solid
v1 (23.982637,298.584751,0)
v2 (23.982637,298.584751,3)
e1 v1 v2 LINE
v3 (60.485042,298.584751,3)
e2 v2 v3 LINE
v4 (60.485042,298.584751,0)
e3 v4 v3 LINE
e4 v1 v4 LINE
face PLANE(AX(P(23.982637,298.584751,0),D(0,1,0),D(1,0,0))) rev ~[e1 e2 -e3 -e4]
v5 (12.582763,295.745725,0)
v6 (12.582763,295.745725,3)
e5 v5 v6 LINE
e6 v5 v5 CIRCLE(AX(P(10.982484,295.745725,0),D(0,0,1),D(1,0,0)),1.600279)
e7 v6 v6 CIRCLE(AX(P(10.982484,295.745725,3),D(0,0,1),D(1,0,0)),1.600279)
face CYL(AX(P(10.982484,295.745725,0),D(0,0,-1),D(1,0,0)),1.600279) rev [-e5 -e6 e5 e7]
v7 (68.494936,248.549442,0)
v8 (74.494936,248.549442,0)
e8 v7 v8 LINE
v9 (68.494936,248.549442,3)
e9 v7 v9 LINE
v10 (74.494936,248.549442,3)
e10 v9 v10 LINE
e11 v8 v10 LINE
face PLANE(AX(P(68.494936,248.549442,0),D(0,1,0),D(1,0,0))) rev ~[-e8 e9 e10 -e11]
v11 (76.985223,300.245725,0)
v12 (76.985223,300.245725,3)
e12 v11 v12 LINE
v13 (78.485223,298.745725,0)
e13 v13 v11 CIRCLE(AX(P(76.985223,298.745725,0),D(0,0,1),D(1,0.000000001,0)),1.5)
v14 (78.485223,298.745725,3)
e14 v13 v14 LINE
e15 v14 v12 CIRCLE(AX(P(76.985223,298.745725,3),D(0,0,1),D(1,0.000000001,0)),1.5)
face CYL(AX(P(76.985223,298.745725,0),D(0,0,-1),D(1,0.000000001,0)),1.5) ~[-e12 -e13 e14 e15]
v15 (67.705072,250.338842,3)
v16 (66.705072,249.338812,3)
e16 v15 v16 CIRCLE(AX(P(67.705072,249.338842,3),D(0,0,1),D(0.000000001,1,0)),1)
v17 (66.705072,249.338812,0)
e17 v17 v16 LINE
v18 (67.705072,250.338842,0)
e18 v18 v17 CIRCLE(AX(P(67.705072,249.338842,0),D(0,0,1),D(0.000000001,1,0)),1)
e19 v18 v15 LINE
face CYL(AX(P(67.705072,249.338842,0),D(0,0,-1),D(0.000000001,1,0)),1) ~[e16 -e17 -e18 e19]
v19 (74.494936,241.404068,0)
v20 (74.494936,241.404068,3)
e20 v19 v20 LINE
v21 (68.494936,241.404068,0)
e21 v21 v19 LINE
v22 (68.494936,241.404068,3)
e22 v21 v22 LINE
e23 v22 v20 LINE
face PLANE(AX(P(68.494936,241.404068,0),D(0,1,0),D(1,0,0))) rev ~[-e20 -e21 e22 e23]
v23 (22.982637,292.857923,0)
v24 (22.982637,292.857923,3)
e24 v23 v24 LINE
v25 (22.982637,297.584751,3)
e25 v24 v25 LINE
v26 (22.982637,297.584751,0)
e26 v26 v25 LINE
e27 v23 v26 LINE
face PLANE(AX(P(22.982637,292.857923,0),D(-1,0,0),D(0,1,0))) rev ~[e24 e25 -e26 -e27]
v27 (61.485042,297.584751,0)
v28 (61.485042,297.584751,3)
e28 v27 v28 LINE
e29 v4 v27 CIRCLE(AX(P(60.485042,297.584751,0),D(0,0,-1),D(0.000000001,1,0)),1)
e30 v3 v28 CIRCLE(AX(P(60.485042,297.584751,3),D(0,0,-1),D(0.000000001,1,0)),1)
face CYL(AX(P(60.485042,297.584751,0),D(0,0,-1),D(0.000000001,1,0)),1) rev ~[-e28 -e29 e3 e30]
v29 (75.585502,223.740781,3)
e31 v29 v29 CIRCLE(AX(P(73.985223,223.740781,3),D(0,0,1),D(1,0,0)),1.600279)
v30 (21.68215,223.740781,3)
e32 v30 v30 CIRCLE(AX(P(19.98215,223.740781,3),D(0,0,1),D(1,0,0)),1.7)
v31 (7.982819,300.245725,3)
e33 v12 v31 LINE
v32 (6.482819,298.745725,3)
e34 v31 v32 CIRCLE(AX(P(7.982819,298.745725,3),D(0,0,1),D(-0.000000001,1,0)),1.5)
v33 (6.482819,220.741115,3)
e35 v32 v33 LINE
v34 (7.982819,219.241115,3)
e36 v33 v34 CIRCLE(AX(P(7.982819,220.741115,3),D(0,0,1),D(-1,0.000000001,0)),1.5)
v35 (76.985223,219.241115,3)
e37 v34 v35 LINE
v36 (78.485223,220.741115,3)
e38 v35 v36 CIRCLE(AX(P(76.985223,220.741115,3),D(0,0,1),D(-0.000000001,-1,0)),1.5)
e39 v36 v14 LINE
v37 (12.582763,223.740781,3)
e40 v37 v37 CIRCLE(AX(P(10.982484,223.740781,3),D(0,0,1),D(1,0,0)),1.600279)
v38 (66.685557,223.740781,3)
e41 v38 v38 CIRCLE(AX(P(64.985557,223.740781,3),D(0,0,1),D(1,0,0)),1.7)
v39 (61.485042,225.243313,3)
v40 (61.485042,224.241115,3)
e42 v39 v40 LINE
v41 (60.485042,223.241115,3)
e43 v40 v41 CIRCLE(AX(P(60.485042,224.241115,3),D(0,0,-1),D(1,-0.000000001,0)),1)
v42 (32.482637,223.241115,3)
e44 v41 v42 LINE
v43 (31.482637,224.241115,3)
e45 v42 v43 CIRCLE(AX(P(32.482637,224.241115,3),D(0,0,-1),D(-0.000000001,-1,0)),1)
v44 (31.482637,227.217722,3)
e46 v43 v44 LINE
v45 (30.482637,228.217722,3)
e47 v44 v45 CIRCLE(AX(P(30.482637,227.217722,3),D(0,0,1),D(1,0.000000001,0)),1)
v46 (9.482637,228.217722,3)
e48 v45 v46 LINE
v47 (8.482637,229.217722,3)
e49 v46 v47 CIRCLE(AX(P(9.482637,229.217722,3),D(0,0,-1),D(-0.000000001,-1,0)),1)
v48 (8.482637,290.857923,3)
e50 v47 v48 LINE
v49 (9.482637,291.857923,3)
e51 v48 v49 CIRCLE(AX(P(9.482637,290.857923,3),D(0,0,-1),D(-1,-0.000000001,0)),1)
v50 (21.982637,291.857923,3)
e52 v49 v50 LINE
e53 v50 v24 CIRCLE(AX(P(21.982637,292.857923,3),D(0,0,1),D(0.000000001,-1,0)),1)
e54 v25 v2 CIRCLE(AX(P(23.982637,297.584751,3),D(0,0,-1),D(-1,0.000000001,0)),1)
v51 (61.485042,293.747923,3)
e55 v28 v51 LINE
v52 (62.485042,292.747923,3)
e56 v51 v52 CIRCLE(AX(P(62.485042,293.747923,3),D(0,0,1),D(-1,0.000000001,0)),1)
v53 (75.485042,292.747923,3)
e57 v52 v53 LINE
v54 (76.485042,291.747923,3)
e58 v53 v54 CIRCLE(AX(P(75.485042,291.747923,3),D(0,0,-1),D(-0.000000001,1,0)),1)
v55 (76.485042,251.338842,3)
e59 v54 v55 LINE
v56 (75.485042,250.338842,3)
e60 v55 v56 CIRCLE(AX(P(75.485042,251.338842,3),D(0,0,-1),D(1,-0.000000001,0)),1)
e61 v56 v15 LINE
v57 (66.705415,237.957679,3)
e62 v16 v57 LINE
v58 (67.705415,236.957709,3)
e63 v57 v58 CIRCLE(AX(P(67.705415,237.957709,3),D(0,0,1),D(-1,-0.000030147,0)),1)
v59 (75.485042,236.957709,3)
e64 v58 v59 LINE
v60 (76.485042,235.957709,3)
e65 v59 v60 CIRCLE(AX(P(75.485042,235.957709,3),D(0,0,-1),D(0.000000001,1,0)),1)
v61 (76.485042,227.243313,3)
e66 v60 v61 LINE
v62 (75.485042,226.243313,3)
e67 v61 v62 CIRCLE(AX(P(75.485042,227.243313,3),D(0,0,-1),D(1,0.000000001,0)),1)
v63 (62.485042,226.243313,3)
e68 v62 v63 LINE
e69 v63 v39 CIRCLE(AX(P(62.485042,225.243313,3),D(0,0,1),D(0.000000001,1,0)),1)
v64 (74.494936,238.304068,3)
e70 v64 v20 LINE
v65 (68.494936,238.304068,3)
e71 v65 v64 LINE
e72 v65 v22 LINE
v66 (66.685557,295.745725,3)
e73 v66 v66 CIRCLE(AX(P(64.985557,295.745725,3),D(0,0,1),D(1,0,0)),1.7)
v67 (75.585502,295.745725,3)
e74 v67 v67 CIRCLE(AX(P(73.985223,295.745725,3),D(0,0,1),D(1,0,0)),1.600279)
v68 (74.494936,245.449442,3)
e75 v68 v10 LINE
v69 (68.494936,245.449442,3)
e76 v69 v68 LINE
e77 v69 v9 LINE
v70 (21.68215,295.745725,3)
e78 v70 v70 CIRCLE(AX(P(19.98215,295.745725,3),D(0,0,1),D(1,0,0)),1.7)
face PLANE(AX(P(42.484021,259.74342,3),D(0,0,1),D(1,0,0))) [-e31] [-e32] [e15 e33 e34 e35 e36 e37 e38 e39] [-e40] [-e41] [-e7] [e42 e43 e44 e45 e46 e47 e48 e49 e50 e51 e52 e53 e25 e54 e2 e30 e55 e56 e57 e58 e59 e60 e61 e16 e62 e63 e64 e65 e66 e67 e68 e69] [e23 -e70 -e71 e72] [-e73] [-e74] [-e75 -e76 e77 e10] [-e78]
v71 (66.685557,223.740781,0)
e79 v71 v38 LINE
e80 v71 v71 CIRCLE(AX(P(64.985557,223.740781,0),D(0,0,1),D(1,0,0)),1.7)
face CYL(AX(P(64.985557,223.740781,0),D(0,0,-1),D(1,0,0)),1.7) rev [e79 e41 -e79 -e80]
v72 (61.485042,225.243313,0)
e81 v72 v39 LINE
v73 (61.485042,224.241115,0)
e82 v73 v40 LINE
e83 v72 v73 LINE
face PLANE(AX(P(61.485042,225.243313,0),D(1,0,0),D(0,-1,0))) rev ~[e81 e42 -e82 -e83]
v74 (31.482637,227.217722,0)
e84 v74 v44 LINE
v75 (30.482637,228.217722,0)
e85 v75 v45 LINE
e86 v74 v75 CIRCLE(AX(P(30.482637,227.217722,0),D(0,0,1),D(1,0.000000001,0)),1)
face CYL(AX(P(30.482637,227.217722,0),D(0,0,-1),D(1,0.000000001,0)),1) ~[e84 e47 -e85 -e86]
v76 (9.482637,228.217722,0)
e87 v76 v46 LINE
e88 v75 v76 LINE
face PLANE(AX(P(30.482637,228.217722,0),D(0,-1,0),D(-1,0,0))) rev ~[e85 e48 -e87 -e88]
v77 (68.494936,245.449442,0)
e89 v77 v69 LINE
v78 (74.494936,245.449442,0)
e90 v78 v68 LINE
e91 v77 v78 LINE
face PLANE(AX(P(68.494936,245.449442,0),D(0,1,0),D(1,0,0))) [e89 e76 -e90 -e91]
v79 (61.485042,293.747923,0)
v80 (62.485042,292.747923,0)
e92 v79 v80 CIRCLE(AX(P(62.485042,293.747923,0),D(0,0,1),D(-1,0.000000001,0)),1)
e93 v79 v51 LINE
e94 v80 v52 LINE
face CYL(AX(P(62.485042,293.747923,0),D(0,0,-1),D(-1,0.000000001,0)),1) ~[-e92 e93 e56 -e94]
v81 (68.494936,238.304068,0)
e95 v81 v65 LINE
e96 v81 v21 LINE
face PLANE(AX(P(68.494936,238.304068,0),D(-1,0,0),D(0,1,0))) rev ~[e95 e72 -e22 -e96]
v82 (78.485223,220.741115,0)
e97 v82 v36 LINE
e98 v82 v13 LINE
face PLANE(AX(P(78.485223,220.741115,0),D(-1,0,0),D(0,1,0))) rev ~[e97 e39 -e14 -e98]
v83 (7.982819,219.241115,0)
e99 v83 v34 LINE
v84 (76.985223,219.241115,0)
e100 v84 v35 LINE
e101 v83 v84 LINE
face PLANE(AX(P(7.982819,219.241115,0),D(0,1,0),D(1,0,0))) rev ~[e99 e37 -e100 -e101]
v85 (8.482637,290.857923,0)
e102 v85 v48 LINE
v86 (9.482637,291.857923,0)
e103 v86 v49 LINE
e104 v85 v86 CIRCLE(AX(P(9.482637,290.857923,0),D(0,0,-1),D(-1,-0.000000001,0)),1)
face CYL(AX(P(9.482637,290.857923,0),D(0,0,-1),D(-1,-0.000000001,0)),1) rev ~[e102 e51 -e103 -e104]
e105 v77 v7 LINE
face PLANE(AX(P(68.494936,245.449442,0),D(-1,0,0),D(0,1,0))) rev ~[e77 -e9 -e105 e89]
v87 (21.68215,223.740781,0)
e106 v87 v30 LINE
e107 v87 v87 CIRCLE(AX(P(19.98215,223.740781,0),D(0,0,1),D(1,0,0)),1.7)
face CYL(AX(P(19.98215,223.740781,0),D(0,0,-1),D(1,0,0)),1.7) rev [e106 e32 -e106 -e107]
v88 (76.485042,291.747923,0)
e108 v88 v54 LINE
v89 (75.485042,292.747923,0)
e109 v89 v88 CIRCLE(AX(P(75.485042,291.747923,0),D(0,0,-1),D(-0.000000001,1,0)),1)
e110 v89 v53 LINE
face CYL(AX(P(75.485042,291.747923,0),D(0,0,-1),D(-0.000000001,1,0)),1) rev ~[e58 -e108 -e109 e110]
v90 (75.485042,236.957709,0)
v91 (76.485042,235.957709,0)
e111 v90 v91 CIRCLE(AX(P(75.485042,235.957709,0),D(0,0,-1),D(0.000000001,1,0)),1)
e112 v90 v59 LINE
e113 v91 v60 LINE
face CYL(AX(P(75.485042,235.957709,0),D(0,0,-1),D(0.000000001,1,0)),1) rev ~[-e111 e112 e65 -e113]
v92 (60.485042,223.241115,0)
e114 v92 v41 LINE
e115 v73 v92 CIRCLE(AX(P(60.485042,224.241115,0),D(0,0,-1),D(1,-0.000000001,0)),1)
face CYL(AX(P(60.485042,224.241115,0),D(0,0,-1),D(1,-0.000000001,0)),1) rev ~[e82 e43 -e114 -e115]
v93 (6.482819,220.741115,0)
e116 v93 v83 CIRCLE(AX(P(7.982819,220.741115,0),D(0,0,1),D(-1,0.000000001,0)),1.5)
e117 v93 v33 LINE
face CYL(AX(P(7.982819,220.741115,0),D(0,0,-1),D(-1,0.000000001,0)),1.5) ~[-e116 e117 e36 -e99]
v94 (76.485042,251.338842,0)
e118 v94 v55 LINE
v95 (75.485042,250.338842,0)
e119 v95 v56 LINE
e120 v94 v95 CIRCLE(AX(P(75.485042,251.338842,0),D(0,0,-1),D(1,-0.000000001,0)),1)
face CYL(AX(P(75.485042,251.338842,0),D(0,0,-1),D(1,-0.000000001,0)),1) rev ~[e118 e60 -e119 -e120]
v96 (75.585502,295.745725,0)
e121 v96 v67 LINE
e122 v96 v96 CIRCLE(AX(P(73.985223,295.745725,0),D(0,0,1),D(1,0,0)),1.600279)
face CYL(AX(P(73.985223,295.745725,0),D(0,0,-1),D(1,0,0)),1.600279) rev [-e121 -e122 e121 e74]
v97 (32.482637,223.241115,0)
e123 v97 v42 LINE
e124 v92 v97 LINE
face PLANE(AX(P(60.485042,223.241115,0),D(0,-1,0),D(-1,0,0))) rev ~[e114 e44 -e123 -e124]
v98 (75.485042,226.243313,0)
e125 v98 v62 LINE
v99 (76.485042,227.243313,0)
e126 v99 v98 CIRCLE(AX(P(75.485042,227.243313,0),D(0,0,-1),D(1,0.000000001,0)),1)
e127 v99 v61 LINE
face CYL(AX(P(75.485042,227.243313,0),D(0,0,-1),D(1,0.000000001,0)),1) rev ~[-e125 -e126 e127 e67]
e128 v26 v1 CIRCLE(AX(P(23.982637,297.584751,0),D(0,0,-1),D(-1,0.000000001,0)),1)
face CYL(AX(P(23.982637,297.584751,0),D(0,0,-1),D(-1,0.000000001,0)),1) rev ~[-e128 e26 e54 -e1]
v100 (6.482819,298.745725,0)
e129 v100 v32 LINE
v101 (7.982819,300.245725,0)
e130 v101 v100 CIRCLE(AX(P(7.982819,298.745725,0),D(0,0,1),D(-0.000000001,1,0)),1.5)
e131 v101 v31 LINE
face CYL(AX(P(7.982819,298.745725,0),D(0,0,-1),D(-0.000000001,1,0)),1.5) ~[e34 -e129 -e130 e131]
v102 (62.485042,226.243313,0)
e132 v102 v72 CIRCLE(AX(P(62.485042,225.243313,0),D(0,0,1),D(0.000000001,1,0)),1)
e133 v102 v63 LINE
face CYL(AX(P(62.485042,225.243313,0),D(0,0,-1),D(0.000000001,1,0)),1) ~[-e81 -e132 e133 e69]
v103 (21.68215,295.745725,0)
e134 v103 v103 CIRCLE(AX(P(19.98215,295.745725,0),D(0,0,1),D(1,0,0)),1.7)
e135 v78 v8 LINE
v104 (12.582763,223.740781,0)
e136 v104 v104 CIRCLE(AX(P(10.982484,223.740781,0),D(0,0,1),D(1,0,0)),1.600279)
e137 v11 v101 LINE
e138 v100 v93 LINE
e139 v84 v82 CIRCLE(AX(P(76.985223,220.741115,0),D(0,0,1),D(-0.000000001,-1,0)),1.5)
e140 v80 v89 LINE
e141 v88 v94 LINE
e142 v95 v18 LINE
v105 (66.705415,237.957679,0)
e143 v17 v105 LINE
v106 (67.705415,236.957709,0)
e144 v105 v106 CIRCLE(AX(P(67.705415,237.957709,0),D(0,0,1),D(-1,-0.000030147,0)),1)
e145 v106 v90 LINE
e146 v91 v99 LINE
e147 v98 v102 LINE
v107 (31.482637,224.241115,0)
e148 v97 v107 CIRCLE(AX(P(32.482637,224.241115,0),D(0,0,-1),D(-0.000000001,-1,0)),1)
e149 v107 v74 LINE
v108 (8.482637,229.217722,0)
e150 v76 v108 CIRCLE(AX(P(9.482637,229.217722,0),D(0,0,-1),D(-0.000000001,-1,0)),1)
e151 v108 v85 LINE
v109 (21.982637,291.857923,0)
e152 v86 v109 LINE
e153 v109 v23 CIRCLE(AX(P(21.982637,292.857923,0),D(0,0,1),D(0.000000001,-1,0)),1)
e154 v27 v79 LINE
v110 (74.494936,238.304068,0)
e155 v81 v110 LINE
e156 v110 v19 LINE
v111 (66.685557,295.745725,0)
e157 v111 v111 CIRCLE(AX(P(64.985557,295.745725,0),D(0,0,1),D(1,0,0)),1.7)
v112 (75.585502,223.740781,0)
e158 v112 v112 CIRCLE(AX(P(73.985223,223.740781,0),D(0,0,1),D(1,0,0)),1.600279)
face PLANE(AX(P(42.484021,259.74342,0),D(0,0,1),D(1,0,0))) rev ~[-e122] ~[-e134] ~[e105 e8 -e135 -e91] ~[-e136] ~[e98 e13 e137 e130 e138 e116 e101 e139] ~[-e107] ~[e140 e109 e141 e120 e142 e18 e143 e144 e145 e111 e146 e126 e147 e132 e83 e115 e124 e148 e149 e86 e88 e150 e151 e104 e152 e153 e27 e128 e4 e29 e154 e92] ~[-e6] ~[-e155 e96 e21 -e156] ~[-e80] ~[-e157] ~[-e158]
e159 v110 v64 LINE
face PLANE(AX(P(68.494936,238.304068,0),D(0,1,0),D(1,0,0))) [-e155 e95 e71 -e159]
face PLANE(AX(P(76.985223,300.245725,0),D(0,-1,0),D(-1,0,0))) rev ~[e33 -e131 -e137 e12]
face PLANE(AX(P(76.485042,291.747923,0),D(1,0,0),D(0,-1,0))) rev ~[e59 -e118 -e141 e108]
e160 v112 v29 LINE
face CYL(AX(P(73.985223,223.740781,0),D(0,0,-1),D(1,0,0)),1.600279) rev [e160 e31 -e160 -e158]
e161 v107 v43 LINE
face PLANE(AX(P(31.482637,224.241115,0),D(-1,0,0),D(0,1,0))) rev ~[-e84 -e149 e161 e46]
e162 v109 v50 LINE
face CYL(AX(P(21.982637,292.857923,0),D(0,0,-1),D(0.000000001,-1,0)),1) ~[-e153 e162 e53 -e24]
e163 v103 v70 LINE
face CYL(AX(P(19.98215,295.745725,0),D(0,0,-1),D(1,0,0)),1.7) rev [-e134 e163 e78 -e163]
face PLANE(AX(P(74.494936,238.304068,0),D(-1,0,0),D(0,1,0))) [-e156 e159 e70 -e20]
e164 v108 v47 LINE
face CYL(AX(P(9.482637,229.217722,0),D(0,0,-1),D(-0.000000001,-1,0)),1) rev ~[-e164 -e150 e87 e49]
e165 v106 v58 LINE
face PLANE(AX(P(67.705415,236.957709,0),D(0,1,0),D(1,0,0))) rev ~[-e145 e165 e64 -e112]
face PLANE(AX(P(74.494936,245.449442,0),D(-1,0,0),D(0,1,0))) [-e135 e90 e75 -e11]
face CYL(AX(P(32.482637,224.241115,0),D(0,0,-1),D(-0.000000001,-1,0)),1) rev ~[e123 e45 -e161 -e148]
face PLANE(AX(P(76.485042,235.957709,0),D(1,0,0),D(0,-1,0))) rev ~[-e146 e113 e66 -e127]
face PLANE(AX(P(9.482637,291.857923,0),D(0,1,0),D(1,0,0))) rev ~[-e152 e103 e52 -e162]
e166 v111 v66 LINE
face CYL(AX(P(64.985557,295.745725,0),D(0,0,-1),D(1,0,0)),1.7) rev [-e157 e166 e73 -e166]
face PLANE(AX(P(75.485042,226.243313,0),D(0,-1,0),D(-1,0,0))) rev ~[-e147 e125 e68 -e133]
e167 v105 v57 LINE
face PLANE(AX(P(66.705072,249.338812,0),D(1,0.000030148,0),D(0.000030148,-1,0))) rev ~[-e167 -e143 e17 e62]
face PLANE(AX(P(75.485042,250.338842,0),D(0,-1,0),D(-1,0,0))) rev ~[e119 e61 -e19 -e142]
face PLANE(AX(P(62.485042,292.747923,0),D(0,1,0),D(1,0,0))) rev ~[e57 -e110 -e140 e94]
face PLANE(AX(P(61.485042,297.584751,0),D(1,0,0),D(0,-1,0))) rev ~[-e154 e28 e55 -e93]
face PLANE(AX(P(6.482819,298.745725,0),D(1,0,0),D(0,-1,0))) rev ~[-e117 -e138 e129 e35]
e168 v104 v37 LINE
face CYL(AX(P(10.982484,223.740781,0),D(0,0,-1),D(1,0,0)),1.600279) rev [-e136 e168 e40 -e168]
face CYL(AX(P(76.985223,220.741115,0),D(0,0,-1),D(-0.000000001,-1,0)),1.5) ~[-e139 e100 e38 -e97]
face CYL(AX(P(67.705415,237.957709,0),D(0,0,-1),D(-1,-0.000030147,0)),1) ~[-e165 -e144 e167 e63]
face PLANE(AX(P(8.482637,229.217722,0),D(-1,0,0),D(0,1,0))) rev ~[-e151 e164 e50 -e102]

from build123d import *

# Parameters (mm, degrees)
MODEL_R                 = 1.7
MODEL_R_2               = 1.600279216
MODEL_W                 = 6
MODEL_H                 = 3.1
SALIENTE_EXTRUIR1_DEPTH = 3


with BuildPart() as part:
    # Model → Saliente-Extruir1 (new body)
    with BuildSketch(Plane.XY):
        with BuildLine():
            Line((76.985222791, 300.245724916), (7.982818557, 300.245724916))
            ThreePointArc((7.982818557, 300.245724916), (6.922158385, 299.806385087), (6.482818557, 298.745724916))
            Line((6.482818557, 298.745724916), (6.482818557, 220.741115058))
            ThreePointArc((6.482818557, 220.741115058), (6.922158385, 219.680454886), (7.982818557, 219.241115058))
            Line((7.982818557, 219.241115058), (76.985222791, 219.241115058))
            ThreePointArc((76.985222791, 219.241115058), (78.045882963, 219.680454886), (78.485222791, 220.741115058))
            Line((78.485222791, 220.741115058), (78.485222791, 298.745724916))
            ThreePointArc((78.485222791, 298.745724916), (78.045882963, 299.806385087), (76.985222791, 300.245724916))
        make_face()
        with Locations((19.982149553, 223.740780556)):
            Circle(MODEL_R, mode=Mode.SUBTRACT)
        with Locations((64.985557294, 223.740780556)):
            Circle(MODEL_R, mode=Mode.SUBTRACT)
        with Locations((10.982484055, 223.740780556)):
            Circle(MODEL_R_2, mode=Mode.SUBTRACT)
        with Locations((73.985222791, 223.740780556)):
            Circle(MODEL_R_2, mode=Mode.SUBTRACT)
        with Locations((19.982149553, 295.745724916)):
            Circle(MODEL_R, mode=Mode.SUBTRACT)
        with Locations((64.985557294, 295.745724916)):
            Circle(MODEL_R, mode=Mode.SUBTRACT)
        with Locations((73.985222791, 295.745724916)):
            Circle(MODEL_R_2, mode=Mode.SUBTRACT)
        with Locations((10.982484055, 295.745724916)):
            Circle(MODEL_R_2, mode=Mode.SUBTRACT)
        with BuildLine():
            Line((76.48504158, 291.747923326), (76.48504158, 251.338841953))
            ThreePointArc((76.48504158, 251.338841953), (76.192148361, 250.631735172), (75.48504158, 250.338841953))
            Line((75.48504158, 250.338841953), (67.705071812, 250.338841953))
            ThreePointArc((67.705071812, 250.338841953), (66.997954371, 250.045938075), (66.705071812, 249.338811805))
            Line((66.705071812, 249.338811805), (66.705414934, 237.957679154))
            ThreePointArc((66.705414934, 237.957679154), (66.998318811, 237.250591862), (67.705414933, 236.957709302))
            Line((67.705414933, 236.957709302), (75.48504158, 236.957709302))
            ThreePointArc((75.48504158, 236.957709302), (76.192148361, 236.664816083), (76.48504158, 235.957709302))
            Line((76.48504158, 235.957709302), (76.48504158, 227.243313469))
            ThreePointArc((76.48504158, 227.243313469), (76.192148361, 226.536206687), (75.48504158, 226.243313469))
            Line((75.48504158, 226.243313469), (62.48504158, 226.243313469))
            ThreePointArc((62.48504158, 226.243313469), (61.777934798, 225.95042025), (61.48504158, 225.243313469))
            Line((61.48504158, 225.243313469), (61.48504158, 224.241115058))
            ThreePointArc((61.48504158, 224.241115058), (61.192148361, 223.534008277), (60.48504158, 223.241115058))
            Line((60.48504158, 223.241115058), (32.482637345, 223.241115058))
            ThreePointArc((32.482637345, 223.241115058), (31.775530564, 223.534008277), (31.482637345, 224.241115058))
            Line((31.482637345, 224.241115058), (31.482637345, 227.21772226))
            ThreePointArc((31.482637345, 227.21772226), (31.189744126, 227.924829041), (30.482637345, 228.21772226))
            Line((30.482637345, 228.21772226), (9.482637345, 228.21772226))
            ThreePointArc((9.482637345, 228.21772226), (8.775530564, 228.510615479), (8.482637345, 229.21772226))
            Line((8.482637345, 229.21772226), (8.482637345, 290.857923326))
            ThreePointArc((8.482637345, 290.857923326), (8.775530564, 291.565030108), (9.482637345, 291.857923326))
            Line((9.482637345, 291.857923326), (21.982637345, 291.857923326))
            ThreePointArc((21.982637345, 291.857923326), (22.689744126, 292.150816545), (22.982637345, 292.857923326))
            Line((22.982637345, 292.857923326), (22.982637345, 297.584751174))
            ThreePointArc((22.982637345, 297.584751174), (23.275530564, 298.291857955), (23.982637345, 298.584751174))
            Line((23.982637345, 298.584751174), (60.48504158, 298.584751174))
            ThreePointArc((60.48504158, 298.584751174), (61.192148361, 298.291857955), (61.48504158, 297.584751174))
            Line((61.48504158, 297.584751174), (61.48504158, 293.747923326))
            ThreePointArc((61.48504158, 293.747923326), (61.777934798, 293.040816545), (62.48504158, 292.747923326))
            Line((62.48504158, 292.747923326), (75.48504158, 292.747923326))
            ThreePointArc((75.48504158, 292.747923326), (76.192148361, 292.455030108), (76.48504158, 291.747923326))
        make_face(mode=Mode.SUBTRACT)
        with Locations((71.494936084, 246.999441896)):
            Rectangle(MODEL_W, MODEL_H, mode=Mode.SUBTRACT)
        with Locations((71.494936084, 239.854068189)):
            Rectangle(MODEL_W, MODEL_H, mode=Mode.SUBTRACT)
    extrude(amount=SALIENTE_EXTRUIR1_DEPTH)


solid = part.part
